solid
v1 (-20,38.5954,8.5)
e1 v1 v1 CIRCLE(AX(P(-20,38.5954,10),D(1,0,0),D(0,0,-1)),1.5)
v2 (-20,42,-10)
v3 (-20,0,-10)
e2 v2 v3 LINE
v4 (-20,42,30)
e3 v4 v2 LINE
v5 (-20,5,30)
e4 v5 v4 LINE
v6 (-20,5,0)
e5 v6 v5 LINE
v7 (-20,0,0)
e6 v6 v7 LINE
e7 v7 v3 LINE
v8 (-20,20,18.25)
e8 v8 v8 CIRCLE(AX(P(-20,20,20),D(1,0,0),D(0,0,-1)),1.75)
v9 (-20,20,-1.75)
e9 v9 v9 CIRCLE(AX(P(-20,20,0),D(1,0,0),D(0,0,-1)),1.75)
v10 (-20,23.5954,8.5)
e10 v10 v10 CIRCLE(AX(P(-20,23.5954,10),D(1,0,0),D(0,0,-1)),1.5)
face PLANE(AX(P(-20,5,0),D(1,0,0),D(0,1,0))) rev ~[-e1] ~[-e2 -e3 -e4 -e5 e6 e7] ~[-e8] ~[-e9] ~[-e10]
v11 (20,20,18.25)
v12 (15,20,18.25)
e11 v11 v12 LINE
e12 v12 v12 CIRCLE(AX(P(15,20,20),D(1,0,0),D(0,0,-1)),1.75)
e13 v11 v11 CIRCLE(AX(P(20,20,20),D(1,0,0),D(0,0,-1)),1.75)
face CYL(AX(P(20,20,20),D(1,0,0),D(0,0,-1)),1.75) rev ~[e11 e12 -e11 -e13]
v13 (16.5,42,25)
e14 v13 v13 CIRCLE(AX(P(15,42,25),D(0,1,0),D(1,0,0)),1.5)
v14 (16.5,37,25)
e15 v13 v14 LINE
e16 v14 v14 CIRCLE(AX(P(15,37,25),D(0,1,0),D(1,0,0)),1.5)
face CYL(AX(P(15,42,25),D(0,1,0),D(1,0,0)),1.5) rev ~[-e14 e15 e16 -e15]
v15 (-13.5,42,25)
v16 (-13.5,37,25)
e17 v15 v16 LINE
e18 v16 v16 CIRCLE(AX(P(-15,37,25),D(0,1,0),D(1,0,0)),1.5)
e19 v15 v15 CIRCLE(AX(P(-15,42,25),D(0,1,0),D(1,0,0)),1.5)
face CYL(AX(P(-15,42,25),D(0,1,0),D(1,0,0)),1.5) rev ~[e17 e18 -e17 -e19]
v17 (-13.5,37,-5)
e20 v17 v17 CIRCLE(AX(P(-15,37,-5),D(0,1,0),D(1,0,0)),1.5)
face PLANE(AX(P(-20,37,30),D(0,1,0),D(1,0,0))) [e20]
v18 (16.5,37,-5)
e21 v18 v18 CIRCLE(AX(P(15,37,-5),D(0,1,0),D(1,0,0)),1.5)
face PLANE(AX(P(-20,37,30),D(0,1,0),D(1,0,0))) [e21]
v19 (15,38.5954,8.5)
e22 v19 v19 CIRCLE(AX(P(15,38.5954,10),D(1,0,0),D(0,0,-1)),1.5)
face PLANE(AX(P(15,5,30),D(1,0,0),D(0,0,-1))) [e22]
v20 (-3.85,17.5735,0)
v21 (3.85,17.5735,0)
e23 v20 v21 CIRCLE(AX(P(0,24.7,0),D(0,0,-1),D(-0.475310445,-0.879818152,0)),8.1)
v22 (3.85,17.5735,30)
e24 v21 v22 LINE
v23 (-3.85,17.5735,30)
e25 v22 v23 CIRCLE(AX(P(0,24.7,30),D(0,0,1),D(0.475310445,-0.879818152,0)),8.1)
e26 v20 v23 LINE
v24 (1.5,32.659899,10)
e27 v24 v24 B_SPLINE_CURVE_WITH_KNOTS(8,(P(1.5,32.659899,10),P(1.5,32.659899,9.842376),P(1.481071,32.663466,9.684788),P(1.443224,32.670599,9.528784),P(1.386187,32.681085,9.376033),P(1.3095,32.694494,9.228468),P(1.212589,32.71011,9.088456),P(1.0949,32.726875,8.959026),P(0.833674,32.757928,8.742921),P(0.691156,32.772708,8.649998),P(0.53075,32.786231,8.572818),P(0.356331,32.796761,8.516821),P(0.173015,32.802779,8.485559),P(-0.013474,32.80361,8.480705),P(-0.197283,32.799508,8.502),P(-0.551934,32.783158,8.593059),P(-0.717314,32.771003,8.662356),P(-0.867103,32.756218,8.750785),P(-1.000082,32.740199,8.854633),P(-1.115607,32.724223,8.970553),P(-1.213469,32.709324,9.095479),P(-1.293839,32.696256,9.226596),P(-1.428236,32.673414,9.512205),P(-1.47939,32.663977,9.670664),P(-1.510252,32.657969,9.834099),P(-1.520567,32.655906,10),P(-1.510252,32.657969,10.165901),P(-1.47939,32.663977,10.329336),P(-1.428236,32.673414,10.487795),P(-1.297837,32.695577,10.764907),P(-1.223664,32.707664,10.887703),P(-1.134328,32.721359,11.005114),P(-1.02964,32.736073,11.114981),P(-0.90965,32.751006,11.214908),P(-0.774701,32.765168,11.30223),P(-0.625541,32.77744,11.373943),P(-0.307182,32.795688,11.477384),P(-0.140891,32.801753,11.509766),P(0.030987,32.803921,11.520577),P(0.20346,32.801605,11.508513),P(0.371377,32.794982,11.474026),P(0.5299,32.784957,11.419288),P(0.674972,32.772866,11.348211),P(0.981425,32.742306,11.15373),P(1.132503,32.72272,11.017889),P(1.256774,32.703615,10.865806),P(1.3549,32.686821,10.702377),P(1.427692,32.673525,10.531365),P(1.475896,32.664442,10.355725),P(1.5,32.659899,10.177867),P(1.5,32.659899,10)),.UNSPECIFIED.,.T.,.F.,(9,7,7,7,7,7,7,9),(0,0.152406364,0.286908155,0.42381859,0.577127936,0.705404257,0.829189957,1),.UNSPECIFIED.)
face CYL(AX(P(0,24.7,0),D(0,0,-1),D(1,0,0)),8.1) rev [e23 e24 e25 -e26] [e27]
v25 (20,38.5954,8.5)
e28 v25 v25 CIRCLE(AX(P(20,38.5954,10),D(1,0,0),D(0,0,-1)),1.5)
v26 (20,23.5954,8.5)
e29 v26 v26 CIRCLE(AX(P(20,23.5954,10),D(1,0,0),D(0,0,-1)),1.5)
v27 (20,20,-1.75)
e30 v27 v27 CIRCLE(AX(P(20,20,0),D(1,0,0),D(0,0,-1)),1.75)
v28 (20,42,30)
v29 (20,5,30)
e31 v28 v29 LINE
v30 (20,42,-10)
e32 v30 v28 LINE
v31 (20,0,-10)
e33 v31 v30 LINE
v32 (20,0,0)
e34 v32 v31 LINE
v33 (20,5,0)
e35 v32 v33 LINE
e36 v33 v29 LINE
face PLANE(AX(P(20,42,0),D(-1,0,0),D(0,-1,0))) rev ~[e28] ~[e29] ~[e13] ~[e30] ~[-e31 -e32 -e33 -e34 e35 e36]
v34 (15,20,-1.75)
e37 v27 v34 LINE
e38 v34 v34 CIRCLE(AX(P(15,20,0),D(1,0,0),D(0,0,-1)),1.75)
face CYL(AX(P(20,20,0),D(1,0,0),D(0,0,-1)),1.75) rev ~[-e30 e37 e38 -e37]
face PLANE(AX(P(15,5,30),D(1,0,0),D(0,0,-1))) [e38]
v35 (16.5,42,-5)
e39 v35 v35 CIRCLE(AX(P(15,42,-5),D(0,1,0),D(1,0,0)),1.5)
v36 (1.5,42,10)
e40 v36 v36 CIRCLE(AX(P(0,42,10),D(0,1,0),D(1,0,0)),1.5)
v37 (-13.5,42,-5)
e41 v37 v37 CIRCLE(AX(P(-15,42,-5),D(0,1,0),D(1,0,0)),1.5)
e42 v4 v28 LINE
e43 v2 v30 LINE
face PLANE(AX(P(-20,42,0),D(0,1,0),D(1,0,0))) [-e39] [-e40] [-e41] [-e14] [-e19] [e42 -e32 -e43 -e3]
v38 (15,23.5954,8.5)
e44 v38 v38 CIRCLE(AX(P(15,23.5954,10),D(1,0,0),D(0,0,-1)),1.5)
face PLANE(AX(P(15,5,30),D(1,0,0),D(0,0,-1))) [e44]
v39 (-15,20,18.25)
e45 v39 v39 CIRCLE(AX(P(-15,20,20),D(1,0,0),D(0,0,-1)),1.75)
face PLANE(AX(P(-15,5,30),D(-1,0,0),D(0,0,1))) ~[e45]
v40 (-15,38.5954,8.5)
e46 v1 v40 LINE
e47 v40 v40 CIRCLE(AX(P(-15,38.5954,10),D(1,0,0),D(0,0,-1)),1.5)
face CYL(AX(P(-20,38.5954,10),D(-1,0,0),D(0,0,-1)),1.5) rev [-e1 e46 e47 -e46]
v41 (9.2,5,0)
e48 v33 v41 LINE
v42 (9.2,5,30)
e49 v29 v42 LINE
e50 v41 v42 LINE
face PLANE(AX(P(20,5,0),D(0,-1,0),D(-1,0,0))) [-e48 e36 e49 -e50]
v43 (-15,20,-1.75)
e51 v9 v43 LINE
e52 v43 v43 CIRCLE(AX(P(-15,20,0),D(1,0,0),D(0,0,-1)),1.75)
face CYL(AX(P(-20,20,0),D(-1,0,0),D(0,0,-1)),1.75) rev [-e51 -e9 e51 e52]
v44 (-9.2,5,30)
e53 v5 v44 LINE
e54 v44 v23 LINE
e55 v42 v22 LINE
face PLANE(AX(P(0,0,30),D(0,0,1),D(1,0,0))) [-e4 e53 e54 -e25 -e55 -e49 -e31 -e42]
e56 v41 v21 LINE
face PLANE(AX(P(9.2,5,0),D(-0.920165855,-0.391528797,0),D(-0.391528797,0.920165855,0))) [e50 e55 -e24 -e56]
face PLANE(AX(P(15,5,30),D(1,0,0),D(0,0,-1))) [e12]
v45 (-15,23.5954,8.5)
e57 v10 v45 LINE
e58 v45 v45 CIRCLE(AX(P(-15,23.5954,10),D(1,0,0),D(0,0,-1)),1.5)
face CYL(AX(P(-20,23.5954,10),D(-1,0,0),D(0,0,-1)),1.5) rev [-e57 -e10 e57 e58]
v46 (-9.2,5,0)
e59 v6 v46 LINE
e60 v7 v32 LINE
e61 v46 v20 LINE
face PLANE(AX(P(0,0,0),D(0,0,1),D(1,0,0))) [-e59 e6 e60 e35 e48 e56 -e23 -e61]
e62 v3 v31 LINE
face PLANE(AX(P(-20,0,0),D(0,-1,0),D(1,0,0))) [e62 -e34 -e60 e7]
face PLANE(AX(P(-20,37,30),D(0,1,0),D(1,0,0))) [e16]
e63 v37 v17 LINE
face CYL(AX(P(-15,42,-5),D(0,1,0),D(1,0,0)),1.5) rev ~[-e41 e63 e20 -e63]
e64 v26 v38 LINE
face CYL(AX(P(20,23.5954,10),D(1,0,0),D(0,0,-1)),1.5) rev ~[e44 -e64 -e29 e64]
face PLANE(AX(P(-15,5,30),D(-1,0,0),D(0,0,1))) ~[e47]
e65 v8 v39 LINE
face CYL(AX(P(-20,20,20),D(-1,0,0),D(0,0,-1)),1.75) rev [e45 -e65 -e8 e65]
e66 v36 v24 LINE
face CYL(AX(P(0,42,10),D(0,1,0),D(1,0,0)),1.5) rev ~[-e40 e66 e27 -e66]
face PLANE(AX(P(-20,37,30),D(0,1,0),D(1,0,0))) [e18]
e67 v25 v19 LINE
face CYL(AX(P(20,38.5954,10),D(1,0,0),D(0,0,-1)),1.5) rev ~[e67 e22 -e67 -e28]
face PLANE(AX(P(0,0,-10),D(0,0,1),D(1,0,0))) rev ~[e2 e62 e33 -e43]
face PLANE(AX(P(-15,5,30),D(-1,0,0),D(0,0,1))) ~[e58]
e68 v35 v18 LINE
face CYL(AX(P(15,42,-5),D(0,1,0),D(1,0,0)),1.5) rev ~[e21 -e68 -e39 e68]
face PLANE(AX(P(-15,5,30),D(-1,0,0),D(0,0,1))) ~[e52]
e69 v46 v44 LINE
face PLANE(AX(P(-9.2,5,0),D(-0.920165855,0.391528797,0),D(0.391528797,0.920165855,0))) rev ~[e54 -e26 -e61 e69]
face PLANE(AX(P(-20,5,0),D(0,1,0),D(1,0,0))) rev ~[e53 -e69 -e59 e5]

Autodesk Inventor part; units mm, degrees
ref_plane "YZ Plane" through (0, 0, 0) normal (1, 0, 0) x (0, 1, 0)
ref_plane "XZ Plane" through (0, 0, 0) normal (0, 1, 0) x (-1, 0, 0)
ref_plane "XY Plane" through (0, 0, 0) normal (0, 0, 1) x (1, 0, 0)
sketch "Sketch1" plane through (0, 0, 0) normal (0, 0, 1) x (1, 0, 0)
  circle A0 centre (0, 24.7) radius 8.1
  line L0 (0, 24.7) -> (0, 0) construction
  line L1 (0, 0) -> (-20, 0) construction
  line L2 (-20, 5) -> (-9.2, 5)
  line L3 (-9.2, 5) -> (-3.85, 17.5735)
  line L4 (0, 0) -> (20, 0) construction
  line L5 (20, 0) -> (20, 5) construction
  line L6 (20, 5) -> (9.2, 5)
  line L7 (9.2, 5) -> (3.85, 17.5735)
  line L8 (0, 24.7) -> (0, 32.8) construction
  line L9 (-3.85, 17.5735) -> (3.85, 17.5735) construction
  line L10 (-20, 5) -> (-20, 42)
  line L11 (-20, 42) -> (20, 42)
  line L12 (20, 42) -> (20, 5)
  line L13 (-20, 5) -> (-20, 0)
  line L14 (-20, 0) -> (20, 0)
  line L15 (20, 0) -> (20, 5)
  line L16 (-9.2, 5) -> (9.2, 5)
  point P0 (0, 42)
  point P1 (-20, 5)
  dimension "d0" = 16.2
  dimension "d2" = 5
  dimension "d5" = 7.7
  dimension "d91" = 42
  dimension "d102" = 19.7
  dimension "d103" = 18.4
  dimension "d104" = 40
extrude "Extrusion1" add sketch "Sketch1" along normal blind 30 contours A0 L3 L2 L10 L11 L12 L6 L7
extrude "Extrusion2" add sketch "Sketch1" against normal blind 10
sketch "Sketch6" plane through (-20, 42, 30) normal (0, 1, 0) x (1, 0, 0)
  line L0 (0, 40) -> (0, 0) projected
  line L1 (40, 0) -> (0, 0) projected
  line L2 (0, 40) -> (40, 0) construction
  line L3 (40, 40) -> (0, 0) construction
  circle A0 centre (35, 5) radius 1.5
  circle A1 centre (5, 5) radius 1.5
  circle A2 centre (5, 35) radius 1.5
  circle A3 centre (35, 35) radius 1.5
  line L4 (35, 35) -> (35, 5) construction
  line L5 (5, 5) -> (35, 5) construction
  line L6 (5, 5) -> (5, 35) construction
  circle A4 centre (20, 20) radius 1.5
  line L7 (40, 40) -> (40, 0) projected
  line L8 (0, 40) -> (40, 40) projected
  point P0 (20, 30)
  dimension "d69" = 30
  dimension "d70" = 3
  dimension "d73" = 3
extrude "Extrusion8" cut sketch "Sketch6" against normal blind 5 contours A0 | A1 | A2 | A3
extrude "Extrusion9" cut sketch "Sketch6" against normal through all contours A4
sketch "Sketch8" plane through (20, 5, 30) normal (1, 0, 0) x (0, 0, -1)
  line L0 (0, 0) -> (0, 37) projected
  line L1 (30, 0) -> (0, 0) projected
  line L2 (20, 37) -> (20, 15) construction
  line L3 (20, 15) -> (10, 15) construction
  line L4 (20, 15) -> (30, 15) construction
  circle A0 centre (10, 15) radius 1.75
  circle A1 centre (30, 15) radius 1.75
  line L5 (40, 37) -> (0, 37) projected
  line L6 (30, -5) -> (30, 0) projected
  line L7 (30, -5) -> (40, -5) projected
  line L8 (40, 37) -> (40, -5) projected
  line L9 (20, 33.5954) -> (20, 18.5954) construction
  circle A2 centre (20, 33.5954) radius 1.5
  circle A3 centre (20, 18.5954) radius 1.5
  line L10 (20, 26.0954) -> (0, 26.0954) construction
  point P0 (30, -5)
  point P1 (35, -5)
  dimension "d97" = 3.5
  dimension "d98" = 3.5
  dimension "d105" = 20
  dimension "d106" = 20
  dimension "d107" = 20
  dimension "d108" = 15
  dimension "d109" = 20
  dimension "d110" = 3
extrude "Extrusion12" cut sketch "Sketch8" against normal blind 5 contours A0 | A1 | A2 | A3
mirror "Mirror1" about plane through (0, 0, 0) normal (1, 0, 0) of "Extrusion12"
properties part number "X Axis End_3DPrint"
